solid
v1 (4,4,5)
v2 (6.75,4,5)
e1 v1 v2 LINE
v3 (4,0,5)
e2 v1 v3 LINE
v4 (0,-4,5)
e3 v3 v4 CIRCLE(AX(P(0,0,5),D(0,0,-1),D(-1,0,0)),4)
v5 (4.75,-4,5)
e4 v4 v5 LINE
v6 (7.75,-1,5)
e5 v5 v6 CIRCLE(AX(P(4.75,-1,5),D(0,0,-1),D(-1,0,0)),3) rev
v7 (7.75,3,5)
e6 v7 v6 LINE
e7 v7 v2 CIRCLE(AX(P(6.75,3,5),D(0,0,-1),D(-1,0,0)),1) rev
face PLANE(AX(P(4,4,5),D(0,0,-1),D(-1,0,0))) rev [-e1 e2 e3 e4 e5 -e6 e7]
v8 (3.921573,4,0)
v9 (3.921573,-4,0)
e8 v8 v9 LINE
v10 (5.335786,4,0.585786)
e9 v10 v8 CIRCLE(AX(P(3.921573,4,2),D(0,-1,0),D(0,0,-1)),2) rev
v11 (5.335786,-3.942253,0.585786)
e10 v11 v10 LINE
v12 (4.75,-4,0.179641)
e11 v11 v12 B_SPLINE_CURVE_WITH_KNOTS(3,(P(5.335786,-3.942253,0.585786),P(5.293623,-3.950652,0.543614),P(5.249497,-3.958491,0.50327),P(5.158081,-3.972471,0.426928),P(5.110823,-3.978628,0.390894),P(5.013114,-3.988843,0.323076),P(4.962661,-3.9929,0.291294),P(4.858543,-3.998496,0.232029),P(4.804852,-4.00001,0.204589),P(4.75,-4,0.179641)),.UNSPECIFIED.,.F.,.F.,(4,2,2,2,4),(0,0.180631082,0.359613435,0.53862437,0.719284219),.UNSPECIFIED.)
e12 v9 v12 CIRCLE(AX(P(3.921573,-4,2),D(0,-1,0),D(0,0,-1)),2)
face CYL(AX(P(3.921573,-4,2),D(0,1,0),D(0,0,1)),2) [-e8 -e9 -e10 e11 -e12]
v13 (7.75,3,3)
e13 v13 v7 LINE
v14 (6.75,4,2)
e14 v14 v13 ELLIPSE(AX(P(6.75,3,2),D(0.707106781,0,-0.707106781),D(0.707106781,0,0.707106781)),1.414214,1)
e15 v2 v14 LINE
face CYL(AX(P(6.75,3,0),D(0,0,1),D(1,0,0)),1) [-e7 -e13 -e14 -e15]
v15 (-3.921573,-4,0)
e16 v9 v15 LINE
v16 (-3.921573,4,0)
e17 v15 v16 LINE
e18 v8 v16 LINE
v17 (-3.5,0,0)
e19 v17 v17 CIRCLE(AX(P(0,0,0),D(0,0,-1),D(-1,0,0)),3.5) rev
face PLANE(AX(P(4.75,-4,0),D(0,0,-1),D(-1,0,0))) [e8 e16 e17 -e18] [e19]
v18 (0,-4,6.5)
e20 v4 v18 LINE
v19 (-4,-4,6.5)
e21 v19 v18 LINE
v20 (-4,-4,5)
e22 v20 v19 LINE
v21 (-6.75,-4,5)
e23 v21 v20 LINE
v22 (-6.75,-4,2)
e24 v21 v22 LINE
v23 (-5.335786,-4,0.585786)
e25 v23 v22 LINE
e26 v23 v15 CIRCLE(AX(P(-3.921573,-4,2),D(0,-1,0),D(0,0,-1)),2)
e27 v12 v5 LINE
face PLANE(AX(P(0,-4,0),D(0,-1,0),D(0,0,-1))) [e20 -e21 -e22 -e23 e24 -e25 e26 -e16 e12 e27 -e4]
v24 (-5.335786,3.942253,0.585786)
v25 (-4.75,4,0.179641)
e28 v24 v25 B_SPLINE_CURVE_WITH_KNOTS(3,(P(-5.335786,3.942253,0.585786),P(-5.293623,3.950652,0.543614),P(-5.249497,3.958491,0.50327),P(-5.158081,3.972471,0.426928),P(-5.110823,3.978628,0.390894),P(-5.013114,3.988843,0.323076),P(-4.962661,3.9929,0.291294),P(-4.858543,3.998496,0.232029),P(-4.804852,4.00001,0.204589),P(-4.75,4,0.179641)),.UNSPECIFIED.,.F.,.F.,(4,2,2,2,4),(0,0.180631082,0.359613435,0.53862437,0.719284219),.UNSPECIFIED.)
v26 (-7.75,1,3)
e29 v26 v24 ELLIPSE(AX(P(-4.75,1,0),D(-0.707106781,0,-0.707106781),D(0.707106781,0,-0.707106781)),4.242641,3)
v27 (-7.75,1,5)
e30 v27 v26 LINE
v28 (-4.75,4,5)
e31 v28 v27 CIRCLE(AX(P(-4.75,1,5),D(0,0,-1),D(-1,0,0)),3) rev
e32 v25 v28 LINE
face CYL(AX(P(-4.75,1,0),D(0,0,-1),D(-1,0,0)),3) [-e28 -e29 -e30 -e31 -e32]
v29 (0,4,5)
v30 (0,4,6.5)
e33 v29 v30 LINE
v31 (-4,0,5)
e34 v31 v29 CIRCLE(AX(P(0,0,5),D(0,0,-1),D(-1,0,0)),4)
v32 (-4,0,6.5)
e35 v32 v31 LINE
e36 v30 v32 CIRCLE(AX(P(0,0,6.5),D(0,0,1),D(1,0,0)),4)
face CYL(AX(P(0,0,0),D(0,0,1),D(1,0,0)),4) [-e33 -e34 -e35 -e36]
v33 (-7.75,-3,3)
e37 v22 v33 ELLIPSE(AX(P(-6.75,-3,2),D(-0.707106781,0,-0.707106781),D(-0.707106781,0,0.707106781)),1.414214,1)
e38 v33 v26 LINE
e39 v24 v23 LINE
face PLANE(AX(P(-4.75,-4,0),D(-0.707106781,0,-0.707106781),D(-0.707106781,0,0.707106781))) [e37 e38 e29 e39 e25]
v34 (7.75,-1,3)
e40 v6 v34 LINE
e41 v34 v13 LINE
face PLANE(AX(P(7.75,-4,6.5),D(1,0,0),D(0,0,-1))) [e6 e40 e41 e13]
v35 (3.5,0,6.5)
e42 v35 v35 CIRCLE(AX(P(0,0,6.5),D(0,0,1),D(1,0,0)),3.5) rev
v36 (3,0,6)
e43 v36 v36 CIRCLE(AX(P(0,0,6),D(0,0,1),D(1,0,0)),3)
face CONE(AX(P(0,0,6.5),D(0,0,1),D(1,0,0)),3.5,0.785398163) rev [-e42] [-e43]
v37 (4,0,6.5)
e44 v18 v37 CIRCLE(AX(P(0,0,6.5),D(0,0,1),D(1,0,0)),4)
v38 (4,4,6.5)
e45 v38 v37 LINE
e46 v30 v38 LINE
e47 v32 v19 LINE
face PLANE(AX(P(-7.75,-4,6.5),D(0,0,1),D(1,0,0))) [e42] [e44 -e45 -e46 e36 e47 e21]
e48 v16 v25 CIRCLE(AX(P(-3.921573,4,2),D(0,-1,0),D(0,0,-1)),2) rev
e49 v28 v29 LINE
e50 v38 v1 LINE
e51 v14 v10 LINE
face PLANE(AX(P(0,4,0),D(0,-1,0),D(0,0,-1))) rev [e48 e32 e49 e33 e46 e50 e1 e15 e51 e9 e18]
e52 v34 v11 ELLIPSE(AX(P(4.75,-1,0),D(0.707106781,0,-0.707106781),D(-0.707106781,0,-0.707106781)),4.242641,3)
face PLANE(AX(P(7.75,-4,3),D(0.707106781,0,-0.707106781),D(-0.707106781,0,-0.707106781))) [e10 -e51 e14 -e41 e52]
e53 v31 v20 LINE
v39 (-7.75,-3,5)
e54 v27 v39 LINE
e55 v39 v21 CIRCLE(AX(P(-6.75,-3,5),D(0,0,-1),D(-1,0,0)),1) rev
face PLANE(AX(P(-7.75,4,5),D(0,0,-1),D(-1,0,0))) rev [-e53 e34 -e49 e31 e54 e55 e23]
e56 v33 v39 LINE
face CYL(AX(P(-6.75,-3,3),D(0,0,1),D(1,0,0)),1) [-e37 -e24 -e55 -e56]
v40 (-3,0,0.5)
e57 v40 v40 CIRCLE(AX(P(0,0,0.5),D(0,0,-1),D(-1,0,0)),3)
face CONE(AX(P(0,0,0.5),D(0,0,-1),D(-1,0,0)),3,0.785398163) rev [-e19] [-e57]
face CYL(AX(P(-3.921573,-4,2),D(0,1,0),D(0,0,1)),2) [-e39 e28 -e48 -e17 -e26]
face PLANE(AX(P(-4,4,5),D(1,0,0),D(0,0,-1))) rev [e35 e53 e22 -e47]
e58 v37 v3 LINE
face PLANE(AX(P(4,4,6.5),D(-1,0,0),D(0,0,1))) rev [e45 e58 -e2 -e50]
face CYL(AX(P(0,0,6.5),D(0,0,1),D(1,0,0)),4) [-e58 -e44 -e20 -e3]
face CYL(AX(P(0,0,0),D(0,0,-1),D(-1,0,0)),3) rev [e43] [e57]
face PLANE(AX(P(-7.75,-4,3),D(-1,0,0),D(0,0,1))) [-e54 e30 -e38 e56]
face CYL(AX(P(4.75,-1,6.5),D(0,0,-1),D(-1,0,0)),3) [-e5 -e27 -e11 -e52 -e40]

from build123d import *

# Parameters (mm, degrees)
EXTRUDE_1_DEPTH       = 8
SKETCH_2_W            = 3.75
SKETCH_2_H            = 1.5
CUT_EXTRUDE_1_DEPTH   = 13.896220377
SKETCH_3_W            = 3.75
SKETCH_3_H            = 1.5
CUT_EXTRUDE_2_DEPTH   = 13.896220377
HOLE_WIZARD_6_0_6_1_D = 6
CHAMFER_1_SIZE        = 0.5
FILLET_1_R            = 1
FILLET_2_R            = 2
FILLET_3_R            = 3
FILLET_4_R            = 4


with BuildPart() as part:
    # 草图1 → 凸台-拉伸1 (new body)
    with BuildSketch(Plane(origin=(0, 4, 0), x_dir=(1, 0, 0), z_dir=(0, 1, 0))):
        Polygon((-7.75, -3), (-7.75, -6.5), (7.75, -6.5), (7.75, -3), (4.75, 0), (-4.75, 0), align=None)
    extrude(amount=-EXTRUDE_1_DEPTH)

    # 草图2 → 切除-拉伸1 (cut, through all)
    with BuildSketch(Plane.XZ.offset(4)):
        with Locations((-5.875, 5.75)):
            Rectangle(SKETCH_2_W, SKETCH_2_H)
    extrude(amount=-CUT_EXTRUDE_1_DEPTH, mode=Mode.SUBTRACT)

    # 草图3 → 切除-拉伸2 (cut, through all)
    with BuildSketch(Plane.XZ.offset(4)):
        with Locations((5.875, 5.75)):
            Rectangle(SKETCH_3_W, SKETCH_3_H)
    extrude(amount=-CUT_EXTRUDE_2_DEPTH, mode=Mode.SUBTRACT)

    # Ø6.0 (6) 直径孔1 (through all)
    with Locations(Plane(origin=(0, 0, 0), x_dir=(-1, 0, 0), z_dir=(0, 0, -1))):
        with Locations((0, 0)):
            Hole(HOLE_WIZARD_6_0_6_1_D / 2)

    # 倒角1
    chamfer_1_edges = [part.edges().sort_by_distance(p)[0] for p in [
        (-3, 0, 0),
        (-3, 0, 6.5),
    ]]
    chamfer(chamfer_1_edges, length=CHAMFER_1_SIZE)

    # 圆角1
    fillet_1_edges = [part.edges().sort_by_distance(p)[0] for p in [
        (7.75, 4, 4),
        (-7.75, -4, 4),
    ]]
    fillet(fillet_1_edges, radius=FILLET_1_R)

    # 圆角2
    fillet_2_edges = [part.edges().sort_by_distance(p)[0] for p in [
        (-4.75, 0, 0),
        (4.75, 0, 0),
    ]]
    fillet(fillet_2_edges, radius=FILLET_2_R)

    # 圆角3
    fillet_3_edges = [part.edges().sort_by_distance(p)[0] for p in [
        (7.75, -4, 4),
        (-7.75, 4, 4),
    ]]
    fillet(fillet_3_edges, radius=FILLET_3_R)

    # 圆角4
    fillet_4_edges = [part.edges().sort_by_distance(p)[0] for p in [
        (-4, 4, 5.75),
        (4, -4, 5.75),
    ]]
    fillet(fillet_4_edges, radius=FILLET_4_R)


solid = part.part
